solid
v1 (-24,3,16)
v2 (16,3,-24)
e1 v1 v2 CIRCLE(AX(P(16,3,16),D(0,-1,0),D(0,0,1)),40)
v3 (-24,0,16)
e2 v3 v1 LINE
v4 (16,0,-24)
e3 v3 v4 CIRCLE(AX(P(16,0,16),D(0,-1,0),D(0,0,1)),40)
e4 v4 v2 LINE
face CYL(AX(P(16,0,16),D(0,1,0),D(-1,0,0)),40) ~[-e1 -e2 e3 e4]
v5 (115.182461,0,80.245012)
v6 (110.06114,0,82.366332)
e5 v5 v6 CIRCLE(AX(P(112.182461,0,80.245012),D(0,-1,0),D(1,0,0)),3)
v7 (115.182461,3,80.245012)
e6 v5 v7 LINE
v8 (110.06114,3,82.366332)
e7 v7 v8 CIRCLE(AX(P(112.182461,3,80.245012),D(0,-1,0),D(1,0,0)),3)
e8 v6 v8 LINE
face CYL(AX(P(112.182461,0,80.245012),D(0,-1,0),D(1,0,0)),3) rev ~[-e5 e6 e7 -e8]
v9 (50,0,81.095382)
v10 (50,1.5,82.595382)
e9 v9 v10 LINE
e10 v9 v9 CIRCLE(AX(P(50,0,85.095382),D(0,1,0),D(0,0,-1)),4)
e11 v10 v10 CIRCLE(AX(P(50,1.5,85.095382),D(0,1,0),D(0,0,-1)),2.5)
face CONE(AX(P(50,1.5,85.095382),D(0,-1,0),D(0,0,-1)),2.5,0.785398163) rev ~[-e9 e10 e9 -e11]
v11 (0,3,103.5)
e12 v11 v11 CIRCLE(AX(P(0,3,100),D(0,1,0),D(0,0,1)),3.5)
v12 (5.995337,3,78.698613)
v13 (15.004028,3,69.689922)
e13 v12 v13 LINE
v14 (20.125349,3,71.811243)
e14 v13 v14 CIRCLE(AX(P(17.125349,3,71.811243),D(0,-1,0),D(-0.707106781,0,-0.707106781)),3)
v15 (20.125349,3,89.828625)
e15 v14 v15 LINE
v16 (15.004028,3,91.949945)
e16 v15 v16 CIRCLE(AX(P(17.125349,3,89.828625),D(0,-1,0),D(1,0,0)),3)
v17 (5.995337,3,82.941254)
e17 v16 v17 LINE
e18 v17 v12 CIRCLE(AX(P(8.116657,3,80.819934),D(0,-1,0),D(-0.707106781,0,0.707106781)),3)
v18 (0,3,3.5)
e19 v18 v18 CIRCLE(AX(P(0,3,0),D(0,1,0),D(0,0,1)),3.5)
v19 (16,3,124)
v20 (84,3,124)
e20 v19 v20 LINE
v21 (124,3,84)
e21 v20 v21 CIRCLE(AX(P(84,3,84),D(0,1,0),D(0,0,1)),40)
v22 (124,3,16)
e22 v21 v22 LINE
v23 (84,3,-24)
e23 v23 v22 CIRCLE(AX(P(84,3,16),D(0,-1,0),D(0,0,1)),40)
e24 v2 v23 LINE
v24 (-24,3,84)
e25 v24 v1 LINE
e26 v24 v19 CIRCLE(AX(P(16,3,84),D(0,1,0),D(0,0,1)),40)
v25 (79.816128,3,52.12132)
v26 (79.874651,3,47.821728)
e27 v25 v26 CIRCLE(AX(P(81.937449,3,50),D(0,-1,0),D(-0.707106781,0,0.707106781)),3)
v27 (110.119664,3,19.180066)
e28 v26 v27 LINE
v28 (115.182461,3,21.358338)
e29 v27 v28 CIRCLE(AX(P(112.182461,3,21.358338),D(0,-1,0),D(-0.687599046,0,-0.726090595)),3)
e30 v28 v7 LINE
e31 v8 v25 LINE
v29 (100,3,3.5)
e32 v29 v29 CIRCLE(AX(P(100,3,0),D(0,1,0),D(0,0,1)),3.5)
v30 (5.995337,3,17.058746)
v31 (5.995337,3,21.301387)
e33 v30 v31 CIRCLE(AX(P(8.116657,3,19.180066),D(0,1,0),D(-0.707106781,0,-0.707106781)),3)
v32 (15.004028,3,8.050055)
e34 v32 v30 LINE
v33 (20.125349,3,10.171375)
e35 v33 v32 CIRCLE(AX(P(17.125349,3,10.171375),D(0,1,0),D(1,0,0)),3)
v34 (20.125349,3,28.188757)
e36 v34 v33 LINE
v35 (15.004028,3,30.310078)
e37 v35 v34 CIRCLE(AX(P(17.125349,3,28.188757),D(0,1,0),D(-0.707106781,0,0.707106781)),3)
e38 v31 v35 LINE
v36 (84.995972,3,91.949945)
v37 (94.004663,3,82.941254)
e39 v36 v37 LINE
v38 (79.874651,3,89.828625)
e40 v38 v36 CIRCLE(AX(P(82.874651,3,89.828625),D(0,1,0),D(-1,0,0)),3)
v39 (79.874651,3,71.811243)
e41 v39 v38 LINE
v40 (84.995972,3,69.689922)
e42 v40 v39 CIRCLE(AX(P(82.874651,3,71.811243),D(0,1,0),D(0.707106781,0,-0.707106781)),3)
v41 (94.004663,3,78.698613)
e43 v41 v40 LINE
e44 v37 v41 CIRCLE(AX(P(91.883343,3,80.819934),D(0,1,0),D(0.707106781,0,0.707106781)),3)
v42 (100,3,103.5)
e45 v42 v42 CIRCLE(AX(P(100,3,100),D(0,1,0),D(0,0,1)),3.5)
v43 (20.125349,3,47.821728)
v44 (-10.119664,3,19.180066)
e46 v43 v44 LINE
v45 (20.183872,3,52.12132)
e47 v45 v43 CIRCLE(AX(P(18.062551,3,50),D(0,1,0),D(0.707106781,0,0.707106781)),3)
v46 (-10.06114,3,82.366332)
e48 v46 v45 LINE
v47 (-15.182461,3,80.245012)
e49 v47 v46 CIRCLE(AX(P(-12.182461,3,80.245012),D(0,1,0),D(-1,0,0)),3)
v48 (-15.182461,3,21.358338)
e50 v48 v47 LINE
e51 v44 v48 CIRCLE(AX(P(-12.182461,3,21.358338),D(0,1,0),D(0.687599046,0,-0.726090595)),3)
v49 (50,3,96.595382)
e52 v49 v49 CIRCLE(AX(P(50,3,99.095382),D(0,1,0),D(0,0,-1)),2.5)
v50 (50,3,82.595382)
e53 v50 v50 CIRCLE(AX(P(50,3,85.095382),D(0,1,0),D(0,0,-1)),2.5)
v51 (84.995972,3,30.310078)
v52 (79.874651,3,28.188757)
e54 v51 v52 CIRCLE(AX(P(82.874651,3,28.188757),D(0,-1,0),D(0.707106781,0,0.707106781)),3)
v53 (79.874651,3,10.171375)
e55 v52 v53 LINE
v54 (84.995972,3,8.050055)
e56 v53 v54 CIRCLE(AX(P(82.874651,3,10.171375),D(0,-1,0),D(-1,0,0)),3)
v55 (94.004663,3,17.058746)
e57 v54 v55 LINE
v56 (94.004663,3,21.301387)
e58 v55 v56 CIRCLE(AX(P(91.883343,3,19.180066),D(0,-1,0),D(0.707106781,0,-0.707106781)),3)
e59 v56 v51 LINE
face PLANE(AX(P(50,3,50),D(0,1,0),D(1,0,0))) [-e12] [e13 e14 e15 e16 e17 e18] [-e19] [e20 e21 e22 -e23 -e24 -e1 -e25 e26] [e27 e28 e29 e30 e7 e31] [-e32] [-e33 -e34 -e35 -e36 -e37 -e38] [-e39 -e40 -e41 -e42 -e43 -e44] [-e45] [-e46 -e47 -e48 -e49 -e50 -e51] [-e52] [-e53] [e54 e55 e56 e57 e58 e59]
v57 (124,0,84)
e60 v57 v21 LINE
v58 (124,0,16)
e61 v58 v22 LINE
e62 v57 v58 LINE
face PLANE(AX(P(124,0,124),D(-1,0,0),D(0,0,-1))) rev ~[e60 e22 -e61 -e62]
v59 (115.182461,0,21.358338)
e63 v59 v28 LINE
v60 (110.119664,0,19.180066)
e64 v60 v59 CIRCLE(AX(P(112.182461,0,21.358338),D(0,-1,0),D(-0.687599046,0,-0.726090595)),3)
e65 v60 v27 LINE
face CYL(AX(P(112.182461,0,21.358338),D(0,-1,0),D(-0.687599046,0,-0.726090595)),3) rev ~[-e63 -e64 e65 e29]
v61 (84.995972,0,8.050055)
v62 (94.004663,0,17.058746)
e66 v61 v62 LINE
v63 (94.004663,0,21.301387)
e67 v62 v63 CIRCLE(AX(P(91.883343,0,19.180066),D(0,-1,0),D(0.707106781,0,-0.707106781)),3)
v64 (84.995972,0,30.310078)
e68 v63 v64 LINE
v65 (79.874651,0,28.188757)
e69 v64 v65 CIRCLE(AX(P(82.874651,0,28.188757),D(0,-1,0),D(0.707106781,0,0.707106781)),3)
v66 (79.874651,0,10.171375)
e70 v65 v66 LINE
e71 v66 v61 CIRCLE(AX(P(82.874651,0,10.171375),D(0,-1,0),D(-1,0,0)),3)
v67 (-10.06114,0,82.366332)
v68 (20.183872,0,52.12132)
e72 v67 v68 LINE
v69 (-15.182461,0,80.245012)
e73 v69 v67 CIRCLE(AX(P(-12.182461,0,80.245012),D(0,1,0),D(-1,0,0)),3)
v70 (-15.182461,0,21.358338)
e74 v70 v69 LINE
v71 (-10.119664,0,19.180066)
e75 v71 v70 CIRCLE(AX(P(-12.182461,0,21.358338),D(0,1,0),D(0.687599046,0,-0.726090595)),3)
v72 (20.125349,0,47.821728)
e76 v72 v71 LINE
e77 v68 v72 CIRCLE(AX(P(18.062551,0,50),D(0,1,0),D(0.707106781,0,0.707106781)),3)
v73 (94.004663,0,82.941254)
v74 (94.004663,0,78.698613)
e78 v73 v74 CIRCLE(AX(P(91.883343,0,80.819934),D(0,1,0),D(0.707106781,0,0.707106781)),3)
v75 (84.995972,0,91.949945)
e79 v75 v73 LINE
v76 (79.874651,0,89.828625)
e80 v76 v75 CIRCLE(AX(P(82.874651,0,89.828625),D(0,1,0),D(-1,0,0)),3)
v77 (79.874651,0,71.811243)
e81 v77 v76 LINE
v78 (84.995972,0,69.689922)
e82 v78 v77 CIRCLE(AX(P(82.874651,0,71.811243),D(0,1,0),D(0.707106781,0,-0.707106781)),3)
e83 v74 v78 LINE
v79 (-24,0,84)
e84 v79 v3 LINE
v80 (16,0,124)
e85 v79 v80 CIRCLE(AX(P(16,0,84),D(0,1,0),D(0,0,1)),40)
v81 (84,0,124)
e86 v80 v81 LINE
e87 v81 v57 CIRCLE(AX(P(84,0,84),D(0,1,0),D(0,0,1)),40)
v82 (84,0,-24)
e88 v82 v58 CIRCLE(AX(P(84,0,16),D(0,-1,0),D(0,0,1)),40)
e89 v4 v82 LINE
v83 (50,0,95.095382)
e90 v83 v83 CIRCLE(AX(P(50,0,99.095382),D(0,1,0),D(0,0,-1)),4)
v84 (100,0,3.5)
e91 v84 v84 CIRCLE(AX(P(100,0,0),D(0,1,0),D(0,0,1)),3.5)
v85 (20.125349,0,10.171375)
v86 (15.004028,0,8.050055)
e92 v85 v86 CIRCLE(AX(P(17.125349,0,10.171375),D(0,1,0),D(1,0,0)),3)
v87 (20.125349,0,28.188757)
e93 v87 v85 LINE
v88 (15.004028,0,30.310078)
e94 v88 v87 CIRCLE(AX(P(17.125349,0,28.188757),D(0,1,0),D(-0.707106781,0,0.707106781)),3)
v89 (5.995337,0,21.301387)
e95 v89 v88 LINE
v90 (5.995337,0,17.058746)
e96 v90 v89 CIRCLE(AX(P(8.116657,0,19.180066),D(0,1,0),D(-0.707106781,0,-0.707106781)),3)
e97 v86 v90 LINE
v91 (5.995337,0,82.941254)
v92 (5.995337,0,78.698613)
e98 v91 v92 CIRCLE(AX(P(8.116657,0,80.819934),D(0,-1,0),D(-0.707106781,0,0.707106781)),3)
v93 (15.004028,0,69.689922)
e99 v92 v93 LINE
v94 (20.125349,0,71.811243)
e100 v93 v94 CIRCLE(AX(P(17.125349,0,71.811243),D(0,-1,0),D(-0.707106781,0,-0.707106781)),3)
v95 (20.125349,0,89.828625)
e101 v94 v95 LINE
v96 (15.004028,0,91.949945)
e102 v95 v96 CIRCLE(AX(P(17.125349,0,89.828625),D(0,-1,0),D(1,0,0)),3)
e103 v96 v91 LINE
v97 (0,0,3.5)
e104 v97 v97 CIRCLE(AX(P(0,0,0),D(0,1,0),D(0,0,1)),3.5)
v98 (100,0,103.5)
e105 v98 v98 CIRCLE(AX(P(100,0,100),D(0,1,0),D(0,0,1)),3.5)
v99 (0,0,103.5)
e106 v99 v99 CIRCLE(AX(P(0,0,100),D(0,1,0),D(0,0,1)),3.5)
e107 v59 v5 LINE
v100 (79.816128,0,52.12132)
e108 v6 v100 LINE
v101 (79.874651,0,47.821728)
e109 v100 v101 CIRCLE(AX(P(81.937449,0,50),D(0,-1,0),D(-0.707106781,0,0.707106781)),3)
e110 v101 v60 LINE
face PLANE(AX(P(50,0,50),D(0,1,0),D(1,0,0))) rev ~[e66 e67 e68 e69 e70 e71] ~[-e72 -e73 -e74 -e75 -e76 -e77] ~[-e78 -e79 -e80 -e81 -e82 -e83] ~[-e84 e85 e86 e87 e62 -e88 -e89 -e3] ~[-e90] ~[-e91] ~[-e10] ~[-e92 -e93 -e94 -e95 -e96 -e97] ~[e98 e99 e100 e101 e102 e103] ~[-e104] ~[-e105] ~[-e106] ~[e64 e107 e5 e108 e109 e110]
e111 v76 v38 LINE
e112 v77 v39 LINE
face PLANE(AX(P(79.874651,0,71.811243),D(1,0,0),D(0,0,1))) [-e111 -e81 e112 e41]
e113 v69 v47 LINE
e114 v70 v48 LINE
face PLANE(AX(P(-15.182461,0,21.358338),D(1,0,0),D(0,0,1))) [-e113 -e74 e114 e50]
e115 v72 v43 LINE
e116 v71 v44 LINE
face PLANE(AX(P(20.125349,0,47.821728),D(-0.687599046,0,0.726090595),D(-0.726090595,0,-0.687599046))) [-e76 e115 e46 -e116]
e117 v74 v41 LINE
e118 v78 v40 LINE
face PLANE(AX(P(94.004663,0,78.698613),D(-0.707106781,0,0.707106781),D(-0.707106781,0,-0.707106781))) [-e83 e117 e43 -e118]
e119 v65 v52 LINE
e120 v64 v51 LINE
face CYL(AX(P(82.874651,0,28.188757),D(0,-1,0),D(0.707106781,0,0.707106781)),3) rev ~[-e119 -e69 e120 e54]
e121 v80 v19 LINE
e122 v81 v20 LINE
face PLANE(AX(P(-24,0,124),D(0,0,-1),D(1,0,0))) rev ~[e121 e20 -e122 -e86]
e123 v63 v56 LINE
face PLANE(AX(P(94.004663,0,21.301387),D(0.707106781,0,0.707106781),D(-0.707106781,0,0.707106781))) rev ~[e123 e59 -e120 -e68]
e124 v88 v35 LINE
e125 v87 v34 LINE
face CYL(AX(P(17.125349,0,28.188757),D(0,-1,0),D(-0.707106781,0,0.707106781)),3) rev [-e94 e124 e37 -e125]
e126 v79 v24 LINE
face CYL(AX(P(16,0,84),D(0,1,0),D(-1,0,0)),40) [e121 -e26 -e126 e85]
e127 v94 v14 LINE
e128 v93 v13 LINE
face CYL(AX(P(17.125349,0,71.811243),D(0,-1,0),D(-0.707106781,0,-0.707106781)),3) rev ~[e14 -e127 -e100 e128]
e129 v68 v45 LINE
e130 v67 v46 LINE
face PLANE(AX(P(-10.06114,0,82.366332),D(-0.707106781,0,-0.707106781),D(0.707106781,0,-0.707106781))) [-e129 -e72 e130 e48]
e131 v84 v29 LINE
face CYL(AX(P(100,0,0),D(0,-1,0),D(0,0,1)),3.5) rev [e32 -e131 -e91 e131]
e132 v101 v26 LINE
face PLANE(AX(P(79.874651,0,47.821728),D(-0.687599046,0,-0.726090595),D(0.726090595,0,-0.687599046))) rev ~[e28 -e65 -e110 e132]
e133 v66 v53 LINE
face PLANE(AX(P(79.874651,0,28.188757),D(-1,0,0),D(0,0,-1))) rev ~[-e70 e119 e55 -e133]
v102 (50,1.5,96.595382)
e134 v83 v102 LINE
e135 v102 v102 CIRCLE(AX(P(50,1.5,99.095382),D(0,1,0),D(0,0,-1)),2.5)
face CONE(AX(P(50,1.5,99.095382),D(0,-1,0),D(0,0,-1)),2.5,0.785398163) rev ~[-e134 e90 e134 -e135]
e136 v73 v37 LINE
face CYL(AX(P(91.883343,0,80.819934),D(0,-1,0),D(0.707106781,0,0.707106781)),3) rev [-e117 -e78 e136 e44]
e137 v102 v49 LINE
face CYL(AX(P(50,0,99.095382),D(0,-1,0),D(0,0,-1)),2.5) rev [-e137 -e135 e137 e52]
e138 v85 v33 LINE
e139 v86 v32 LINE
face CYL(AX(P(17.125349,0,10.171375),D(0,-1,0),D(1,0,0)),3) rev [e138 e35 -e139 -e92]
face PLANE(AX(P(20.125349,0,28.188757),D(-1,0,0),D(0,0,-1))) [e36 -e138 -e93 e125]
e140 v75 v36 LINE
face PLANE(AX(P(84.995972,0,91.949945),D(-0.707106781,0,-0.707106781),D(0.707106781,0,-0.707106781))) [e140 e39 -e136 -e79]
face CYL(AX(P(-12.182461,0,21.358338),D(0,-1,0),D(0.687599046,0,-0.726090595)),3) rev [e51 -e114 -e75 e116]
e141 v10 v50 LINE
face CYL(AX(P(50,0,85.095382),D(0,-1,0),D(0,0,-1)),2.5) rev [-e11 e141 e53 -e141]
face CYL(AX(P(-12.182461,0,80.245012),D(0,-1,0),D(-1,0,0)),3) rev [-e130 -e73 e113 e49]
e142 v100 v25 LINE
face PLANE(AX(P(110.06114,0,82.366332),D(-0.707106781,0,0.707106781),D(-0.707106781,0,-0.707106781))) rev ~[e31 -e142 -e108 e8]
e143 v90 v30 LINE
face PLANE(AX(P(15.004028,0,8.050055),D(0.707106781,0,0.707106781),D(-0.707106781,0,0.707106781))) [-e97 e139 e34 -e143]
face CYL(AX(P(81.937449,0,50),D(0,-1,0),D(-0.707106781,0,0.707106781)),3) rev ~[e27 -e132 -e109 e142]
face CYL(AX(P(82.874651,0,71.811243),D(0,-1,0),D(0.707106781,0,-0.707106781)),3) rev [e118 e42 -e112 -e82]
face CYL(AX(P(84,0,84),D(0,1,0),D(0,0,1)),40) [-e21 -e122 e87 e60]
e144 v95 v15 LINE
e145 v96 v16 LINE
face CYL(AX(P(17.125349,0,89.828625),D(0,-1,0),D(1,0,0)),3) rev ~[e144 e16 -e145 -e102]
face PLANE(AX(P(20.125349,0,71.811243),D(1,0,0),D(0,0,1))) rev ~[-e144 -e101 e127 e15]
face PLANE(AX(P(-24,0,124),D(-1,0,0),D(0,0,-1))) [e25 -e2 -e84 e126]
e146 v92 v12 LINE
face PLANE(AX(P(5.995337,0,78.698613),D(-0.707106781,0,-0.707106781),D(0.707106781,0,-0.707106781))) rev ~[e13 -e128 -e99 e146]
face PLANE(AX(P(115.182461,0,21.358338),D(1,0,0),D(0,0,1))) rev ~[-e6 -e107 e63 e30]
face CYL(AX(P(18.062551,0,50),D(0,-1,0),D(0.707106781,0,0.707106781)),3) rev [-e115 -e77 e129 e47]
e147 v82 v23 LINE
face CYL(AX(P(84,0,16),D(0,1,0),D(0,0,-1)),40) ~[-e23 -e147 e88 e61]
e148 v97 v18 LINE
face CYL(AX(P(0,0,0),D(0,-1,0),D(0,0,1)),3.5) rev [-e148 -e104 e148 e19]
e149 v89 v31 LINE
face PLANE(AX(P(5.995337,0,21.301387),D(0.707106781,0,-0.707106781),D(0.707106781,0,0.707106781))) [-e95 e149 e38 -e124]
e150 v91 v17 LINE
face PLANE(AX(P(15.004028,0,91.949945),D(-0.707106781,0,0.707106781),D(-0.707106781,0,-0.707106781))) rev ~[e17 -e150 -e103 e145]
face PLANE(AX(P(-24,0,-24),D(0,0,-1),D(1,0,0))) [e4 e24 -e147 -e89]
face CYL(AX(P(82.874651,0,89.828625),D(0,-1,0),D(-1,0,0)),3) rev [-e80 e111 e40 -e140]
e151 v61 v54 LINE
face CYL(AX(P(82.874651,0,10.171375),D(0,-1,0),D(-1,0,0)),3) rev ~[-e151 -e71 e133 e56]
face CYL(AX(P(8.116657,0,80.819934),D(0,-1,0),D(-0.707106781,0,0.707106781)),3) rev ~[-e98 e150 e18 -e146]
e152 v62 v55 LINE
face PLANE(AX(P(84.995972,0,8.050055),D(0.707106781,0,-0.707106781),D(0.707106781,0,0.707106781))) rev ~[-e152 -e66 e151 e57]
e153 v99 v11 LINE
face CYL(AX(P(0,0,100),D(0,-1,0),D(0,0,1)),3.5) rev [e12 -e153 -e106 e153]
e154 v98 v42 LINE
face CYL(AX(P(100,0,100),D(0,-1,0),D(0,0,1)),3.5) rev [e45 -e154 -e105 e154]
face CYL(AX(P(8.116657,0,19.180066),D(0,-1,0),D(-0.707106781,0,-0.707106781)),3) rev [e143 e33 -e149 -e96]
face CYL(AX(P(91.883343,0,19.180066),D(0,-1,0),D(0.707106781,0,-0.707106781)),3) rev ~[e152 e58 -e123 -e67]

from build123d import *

# Parameters (mm, degrees)
SKETCH2_W           = 148
SKETCH2_H           = 148
SKETCH2_R           = 3.5
SKETCH2_R_2         = 2.5
BOSS_EXTRUDE1_DEPTH = 3
FILLET1_R           = 40
CHAMFER1_SIZE       = 1.5
SKETCH3_W           = 25.243080612
SKETCH3_H           = 38.292469741
BOSS_EXTRUDE2_DEPTH = 3


with BuildPart() as part:
    # Sketch2 → Boss-Extrude1 (new body)
    with BuildSketch(Plane(origin=(0, 0, 0), x_dir=(1, 0, 0), z_dir=(0, 1, 0))):
        with Locations((50, -50)):
            Rectangle(SKETCH2_W, SKETCH2_H)
        with Locations(Location((0, 0, 0), (0, 0, 270))):
            Circle(SKETCH2_R, mode=Mode.SUBTRACT)
        with Locations(Location((0, -100, 0), (0, 0, 270))):
            Circle(SKETCH2_R, mode=Mode.SUBTRACT)
        with Locations(Location((100, 0, 0), (0, 0, 270))):
            Circle(SKETCH2_R, mode=Mode.SUBTRACT)
        with Locations(Location((100, -100, 0), (0, 0, 270))):
            Circle(SKETCH2_R, mode=Mode.SUBTRACT)
        with Locations(Location((50, -0.904618286, 0), (0, 0, 270))):
            Circle(SKETCH2_R_2, mode=Mode.SUBTRACT)
        with Locations(Location((50, -14.904618286, 0), (0, 0, 270))):
            Circle(SKETCH2_R_2, mode=Mode.SUBTRACT)
        with Locations(Location((50, -99.095381714, 0), (0, 0, 90))):
            Circle(SKETCH2_R_2, mode=Mode.SUBTRACT)
        with Locations(Location((50, -85.095381714, 0), (0, 0, 90))):
            Circle(SKETCH2_R_2, mode=Mode.SUBTRACT)
        with BuildLine():
            Line((-15.182460642, -21.358338014), (-15.182460642, -80.245012021))
            ThreePointArc((-15.182460642, -80.245012021), (-13.330510939, -83.016650619), (-10.061140298, -82.366332365))
            Line((-10.061140298, -82.366332365), (20.183871723, -52.121320344))
            ThreePointArc((20.183871723, -52.121320344), (21.062273515, -49.959169765), (20.125348516, -47.821728214))
            Line((20.125348516, -47.821728214), (-10.119663505, -19.180066228))
            ThreePointArc((-10.119663505, -19.180066228), (-13.368126824, -18.602581184), (-15.182460642, -21.358338014))
        make_face(mode=Mode.SUBTRACT)
        with BuildLine():
            Line((110.061140298, -82.366332365), (79.816128277, -52.121320344))
            ThreePointArc((79.816128277, -52.121320344), (78.937726485, -49.959169765), (79.874651484, -47.821728214))
            Line((79.874651484, -47.821728214), (110.119663505, -19.180066228))
            ThreePointArc((110.119663505, -19.180066228), (113.368126824, -18.602581184), (115.182460642, -21.358338014))
            Line((115.182460642, -21.358338014), (115.182460642, -80.245012021))
            ThreePointArc((115.182460642, -80.245012021), (113.330510939, -83.016650619), (110.061140298, -82.366332365))
        make_face(mode=Mode.SUBTRACT)
        with BuildLine():
            Line((5.995336985, -21.301386572), (15.004028172, -30.310077759))
            ThreePointArc((15.004028172, -30.310077759), (18.273398813, -30.960396013), (20.125348516, -28.188757415))
            Line((20.125348516, -28.188757415), (20.125348516, -10.171375041))
            ThreePointArc((20.125348516, -10.171375041), (18.273398813, -7.399736444), (15.004028172, -8.050054698))
            Line((15.004028172, -8.050054698), (5.995336985, -17.058745885))
            ThreePointArc((5.995336985, -17.058745885), (5.116657329, -19.180066228), (5.995336985, -21.301386572))
        make_face(mode=Mode.SUBTRACT)
        with BuildLine():
            Line((5.995336985, -78.698613428), (15.004028172, -69.689922241))
            ThreePointArc((15.004028172, -69.689922241), (18.273398813, -69.039603987), (20.125348516, -71.811242585))
            Line((20.125348516, -71.811242585), (20.125348516, -89.828624959))
            ThreePointArc((20.125348516, -89.828624959), (18.273398813, -92.600263556), (15.004028172, -91.949945302))
            Line((15.004028172, -91.949945302), (5.995336985, -82.941254115))
            ThreePointArc((5.995336985, -82.941254115), (5.116657329, -80.819933772), (5.995336985, -78.698613428))
        make_face(mode=Mode.SUBTRACT)
        with BuildLine():
            Line((79.874651484, -71.811242585), (79.874651484, -89.828624959))
            ThreePointArc((79.874651484, -89.828624959), (81.726601187, -92.600263556), (84.995971828, -91.949945302))
            Line((84.995971828, -91.949945302), (94.004663015, -82.941254115))
            ThreePointArc((94.004663015, -82.941254115), (94.883342671, -80.819933772), (94.004663015, -78.698613428))
            Line((94.004663015, -78.698613428), (84.995971828, -69.689922241))
            ThreePointArc((84.995971828, -69.689922241), (81.726601187, -69.039603987), (79.874651484, -71.811242585))
        make_face(mode=Mode.SUBTRACT)
        with BuildLine():
            Line((94.004663015, -21.301386572), (84.995971828, -30.310077759))
            ThreePointArc((84.995971828, -30.310077759), (81.726601187, -30.960396013), (79.874651484, -28.188757415))
            Line((79.874651484, -28.188757415), (79.874651484, -10.171375041))
            ThreePointArc((79.874651484, -10.171375041), (81.726601187, -7.399736444), (84.995971828, -8.050054698))
            Line((84.995971828, -8.050054698), (94.004663015, -17.058745885))
            ThreePointArc((94.004663015, -17.058745885), (94.883342671, -19.180066228), (94.004663015, -21.301386572))
        make_face(mode=Mode.SUBTRACT)
    extrude(amount=BOSS_EXTRUDE1_DEPTH)

    # Fillet1
    fillet1_edges = [part.edges().sort_by_distance(p)[0] for p in [
        (124, 1.5, 124),
        (-24, 1.5, 124),
        (-24, 1.5, -24),
        (124, 1.5, -24),
    ]]
    fillet(fillet1_edges, radius=FILLET1_R)

    # Chamfer1
    chamfer1_edges = [part.edges().sort_by_distance(p)[0] for p in [
        (50, 0, -1.595381714),
        (50, 0, 12.404618286),
        (50, 0, 101.595381714),
        (50, 0, 87.595381714),
    ]]
    chamfer(chamfer1_edges, length=CHAMFER1_SIZE)

    # Sketch3 → Boss-Extrude2 (add)
    with BuildSketch(Plane(origin=(0, 3, 0), x_dir=(1, 0, 0), z_dir=(0, 1, 0))):
        with Locations((50.641773236, -8.177777461)):
            Rectangle(SKETCH3_W, SKETCH3_H)
    extrude(amount=-BOSS_EXTRUDE2_DEPTH)


solid = part.part
